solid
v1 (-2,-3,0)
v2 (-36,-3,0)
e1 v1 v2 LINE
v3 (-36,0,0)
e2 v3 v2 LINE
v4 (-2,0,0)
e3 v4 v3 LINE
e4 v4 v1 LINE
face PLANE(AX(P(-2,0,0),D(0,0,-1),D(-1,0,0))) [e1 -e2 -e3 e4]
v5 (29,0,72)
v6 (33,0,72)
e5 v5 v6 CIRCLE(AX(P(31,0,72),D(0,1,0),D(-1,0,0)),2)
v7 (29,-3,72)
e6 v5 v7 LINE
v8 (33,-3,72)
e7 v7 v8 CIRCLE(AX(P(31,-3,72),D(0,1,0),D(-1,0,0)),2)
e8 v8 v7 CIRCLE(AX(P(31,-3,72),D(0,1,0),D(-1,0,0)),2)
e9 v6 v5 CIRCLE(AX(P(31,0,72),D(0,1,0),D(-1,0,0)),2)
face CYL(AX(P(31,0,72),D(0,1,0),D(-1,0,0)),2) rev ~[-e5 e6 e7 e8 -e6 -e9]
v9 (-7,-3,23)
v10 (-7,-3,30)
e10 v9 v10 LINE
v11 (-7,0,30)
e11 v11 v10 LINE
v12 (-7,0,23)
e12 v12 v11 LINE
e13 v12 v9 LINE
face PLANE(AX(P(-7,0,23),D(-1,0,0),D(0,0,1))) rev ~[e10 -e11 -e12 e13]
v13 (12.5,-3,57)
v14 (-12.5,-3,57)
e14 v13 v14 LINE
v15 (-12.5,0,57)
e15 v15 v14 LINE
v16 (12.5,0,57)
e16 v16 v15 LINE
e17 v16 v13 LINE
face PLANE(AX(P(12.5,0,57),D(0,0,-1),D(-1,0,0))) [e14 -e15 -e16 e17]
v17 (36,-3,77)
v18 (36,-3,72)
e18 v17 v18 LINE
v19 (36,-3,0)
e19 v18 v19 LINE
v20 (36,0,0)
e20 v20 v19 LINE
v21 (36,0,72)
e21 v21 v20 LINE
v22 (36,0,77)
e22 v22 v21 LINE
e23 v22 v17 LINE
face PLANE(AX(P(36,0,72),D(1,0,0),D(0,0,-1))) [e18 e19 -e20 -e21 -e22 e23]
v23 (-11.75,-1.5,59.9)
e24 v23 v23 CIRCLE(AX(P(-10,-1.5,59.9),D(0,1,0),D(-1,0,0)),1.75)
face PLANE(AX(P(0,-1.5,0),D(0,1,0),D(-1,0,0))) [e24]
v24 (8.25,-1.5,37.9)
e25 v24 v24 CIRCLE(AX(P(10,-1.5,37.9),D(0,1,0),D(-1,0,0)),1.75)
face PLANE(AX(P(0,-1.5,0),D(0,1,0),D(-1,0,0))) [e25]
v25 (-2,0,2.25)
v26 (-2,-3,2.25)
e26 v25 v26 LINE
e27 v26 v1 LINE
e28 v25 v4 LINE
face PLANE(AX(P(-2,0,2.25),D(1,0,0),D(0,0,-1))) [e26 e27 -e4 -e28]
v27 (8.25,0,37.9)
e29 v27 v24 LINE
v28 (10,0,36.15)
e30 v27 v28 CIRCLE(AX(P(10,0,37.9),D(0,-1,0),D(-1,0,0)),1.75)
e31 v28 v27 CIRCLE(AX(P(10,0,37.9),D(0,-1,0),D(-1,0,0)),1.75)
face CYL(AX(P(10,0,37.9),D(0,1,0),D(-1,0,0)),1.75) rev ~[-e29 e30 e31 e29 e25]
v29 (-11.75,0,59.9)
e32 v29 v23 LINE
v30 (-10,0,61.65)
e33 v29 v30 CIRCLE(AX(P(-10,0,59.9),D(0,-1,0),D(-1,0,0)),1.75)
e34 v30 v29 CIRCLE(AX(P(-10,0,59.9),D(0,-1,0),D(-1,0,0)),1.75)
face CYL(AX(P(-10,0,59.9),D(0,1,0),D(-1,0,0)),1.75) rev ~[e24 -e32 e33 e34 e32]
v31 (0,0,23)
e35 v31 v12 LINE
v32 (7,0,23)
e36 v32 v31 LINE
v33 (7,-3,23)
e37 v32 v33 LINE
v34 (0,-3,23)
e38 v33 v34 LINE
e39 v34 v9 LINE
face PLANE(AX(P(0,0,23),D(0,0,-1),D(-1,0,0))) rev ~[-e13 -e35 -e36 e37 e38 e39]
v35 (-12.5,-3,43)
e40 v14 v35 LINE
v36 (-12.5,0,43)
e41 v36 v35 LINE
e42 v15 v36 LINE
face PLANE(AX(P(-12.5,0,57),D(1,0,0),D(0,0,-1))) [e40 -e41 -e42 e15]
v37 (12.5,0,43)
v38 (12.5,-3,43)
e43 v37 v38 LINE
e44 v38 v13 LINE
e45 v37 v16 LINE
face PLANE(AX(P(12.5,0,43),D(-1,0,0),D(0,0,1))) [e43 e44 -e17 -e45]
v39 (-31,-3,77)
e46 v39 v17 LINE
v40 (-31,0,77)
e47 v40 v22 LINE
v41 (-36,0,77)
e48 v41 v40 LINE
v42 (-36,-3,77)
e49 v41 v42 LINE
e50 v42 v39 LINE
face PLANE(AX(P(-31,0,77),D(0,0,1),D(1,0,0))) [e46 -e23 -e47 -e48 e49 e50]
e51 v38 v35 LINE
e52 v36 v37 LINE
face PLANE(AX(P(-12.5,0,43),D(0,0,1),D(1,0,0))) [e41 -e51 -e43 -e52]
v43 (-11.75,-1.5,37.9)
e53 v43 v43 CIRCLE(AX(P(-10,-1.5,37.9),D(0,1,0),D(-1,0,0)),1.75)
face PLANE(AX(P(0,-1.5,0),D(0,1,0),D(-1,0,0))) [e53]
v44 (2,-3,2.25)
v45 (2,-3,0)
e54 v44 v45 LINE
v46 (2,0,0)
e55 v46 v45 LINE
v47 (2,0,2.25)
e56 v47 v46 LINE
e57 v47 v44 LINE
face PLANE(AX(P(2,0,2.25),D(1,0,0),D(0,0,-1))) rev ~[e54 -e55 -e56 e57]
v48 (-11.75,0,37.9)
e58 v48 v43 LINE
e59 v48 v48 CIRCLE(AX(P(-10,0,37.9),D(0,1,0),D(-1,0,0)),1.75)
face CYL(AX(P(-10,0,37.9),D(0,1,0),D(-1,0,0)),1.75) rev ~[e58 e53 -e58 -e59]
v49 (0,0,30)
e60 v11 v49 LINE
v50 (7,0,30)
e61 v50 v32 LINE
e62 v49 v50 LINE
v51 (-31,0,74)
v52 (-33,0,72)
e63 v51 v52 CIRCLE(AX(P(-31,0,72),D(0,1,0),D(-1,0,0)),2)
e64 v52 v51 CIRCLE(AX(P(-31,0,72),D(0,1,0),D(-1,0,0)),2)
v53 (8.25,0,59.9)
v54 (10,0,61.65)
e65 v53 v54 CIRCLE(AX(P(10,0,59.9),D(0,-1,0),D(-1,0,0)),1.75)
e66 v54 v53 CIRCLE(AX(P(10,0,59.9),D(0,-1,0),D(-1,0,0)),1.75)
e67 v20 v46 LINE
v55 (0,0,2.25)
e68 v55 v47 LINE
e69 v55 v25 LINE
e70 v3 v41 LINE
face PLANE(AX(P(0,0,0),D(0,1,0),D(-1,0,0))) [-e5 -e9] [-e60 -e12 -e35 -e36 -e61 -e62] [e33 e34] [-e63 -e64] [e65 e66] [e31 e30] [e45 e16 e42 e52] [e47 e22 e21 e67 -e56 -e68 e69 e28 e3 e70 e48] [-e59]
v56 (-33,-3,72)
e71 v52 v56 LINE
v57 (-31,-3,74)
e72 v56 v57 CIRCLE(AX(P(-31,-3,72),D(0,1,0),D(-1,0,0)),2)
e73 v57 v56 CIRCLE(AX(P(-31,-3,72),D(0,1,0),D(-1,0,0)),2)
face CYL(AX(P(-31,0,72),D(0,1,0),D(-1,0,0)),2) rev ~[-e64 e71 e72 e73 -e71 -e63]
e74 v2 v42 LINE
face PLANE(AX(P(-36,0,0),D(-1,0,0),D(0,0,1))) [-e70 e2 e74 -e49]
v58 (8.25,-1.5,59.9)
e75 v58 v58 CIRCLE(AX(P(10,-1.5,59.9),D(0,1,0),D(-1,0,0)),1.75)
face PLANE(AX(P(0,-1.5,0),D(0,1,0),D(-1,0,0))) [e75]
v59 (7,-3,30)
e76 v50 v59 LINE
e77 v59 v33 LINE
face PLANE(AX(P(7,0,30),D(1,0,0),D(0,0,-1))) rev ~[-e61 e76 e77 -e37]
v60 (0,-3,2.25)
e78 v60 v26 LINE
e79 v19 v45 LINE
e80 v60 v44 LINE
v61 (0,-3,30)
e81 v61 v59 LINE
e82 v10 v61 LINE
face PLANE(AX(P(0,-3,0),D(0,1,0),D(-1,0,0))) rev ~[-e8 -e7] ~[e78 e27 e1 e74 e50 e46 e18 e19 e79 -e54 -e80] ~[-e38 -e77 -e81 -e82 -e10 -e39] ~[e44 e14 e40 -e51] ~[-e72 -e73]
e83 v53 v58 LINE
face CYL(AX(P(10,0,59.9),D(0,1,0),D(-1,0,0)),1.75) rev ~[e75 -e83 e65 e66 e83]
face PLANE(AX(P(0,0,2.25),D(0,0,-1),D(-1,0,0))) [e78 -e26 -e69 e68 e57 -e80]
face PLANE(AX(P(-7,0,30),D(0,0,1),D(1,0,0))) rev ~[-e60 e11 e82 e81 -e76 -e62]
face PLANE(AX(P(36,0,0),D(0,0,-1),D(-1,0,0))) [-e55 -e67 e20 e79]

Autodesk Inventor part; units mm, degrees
ref_plane "YZ Plane" through (0, 0, 0) normal (1, 0, 0) x (0, 1, 0)
ref_plane "XZ Plane" through (0, 0, 0) normal (0, 1, 0) x (-1, 0, 0)
ref_plane "XY Plane" through (0, 0, 0) normal (0, 0, 1) x (1, 0, 0)
sketch "Boceto1" plane through (0, 0, 0) normal (0, 1, 0) x (-1, 0, 0)
  line L0 (0, 0) -> (36, 0)
  line L1 (36, 0) -> (36, 0)
  line L2 (36, 0) -> (36, 77)
  line L3 (36, 77) -> (36, 77)
  line L4 (36, 77) -> (-36, 77)
  line L5 (-36, 77) -> (-36, 0)
  line L6 (-36, 0) -> (0, 0)
  line L7 (36, 77) -> (31, 77)
  line L8 (31, 77) -> (31, 72)
  line L9 (-36, 77) -> (-36, 77)
  line L10 (-36, 77) -> (-36, 72)
  line L11 (-36, 72) -> (-31, 72)
  circle A0 centre (-31, 72) radius 2
  circle A1 centre (31, 72) radius 2
  line L12 (36, 0) -> (0, 0)
  line L13 (0, 0) -> (0, 2.25)
  line L14 (0, 2.25) -> (2, 2.25)
  line L15 (2, 2.25) -> (2, 0)
  line L16 (0, 2.25) -> (-2, 2.25)
  line L17 (-2, 2.25) -> (-2, 0)
  line L18 (0, 0) -> (0, 50)
  line L19 (-12.5, 57) -> (12.5, 57)
  line L20 (12.5, 57) -> (12.5, 43)
  line L21 (12.5, 43) -> (-12.5, 43)
  line L22 (-12.5, 43) -> (-12.5, 57)
  line L23 (-12.5, 57) -> (12.5, 43) construction
  line L24 (12.5, 57) -> (-12.5, 43) construction
  line L25 (-12.5, 57) -> (12.5, 57)
  line L26 (12.5, 57) -> (12.5, 62.4)
  line L27 (12.5, 62.4) -> (-12.5, 62.4)
  line L28 (-12.5, 62.4) -> (-12.5, 57)
  line L29 (12.5, 62.4) -> (10, 62.4)
  line L30 (10, 62.4) -> (10, 59.9)
  line L31 (-12.5, 62.4) -> (-10, 62.4)
  line L32 (-10, 62.4) -> (-10, 59.9)
  circle A2 centre (10, 59.9) radius 1.75
  circle A3 centre (-10, 59.9) radius 1.75
  line L33 (-12.5, 62.4) -> (-12.5, 35.4)
  line L34 (-12.5, 35.4) -> (12.5, 35.4)
  line L35 (12.5, 35.4) -> (12.5, 62.4)
  line L36 (12.5, 62.4) -> (-12.5, 62.4)
  line L37 (-12.5, 35.4) -> (-10, 35.4)
  line L38 (-10, 35.4) -> (-10, 37.9)
  line L39 (12.5, 35.4) -> (12.5, 37.9)
  line L40 (12.5, 37.9) -> (10, 37.9)
  circle A4 centre (10, 37.9) radius 1.75
  circle A5 centre (-10, 37.9) radius 1.75
  circle A6 centre (31, 72) radius 4
  circle A7 centre (-31, 72) radius 4
  line L41 (0, 0) -> (0, 30)
  line L42 (0, 30) -> (0, 23)
  line L43 (0, 23) -> (7, 23)
  line L44 (7, 23) -> (7, 30)
  line L45 (7, 30) -> (-7, 30)
  line L46 (-7, 30) -> (-7, 23)
  line L47 (-7, 23) -> (0, 23)
  point P0 (2, 0)
  dimension "d0" = 36
  dimension "d1" = 0
  dimension "d2" = 77
  dimension "d3" = 0
  dimension "d4" = 72
  dimension "d5" = 5
  dimension "d6" = 5
  dimension "d7" = 0
  dimension "d8" = 5
  dimension "d9" = 5
  dimension "d10" = 4
  dimension "d11" = 4
  dimension "d14" = 36
  dimension "d15" = 2.25
  dimension "d16" = 2
  dimension "d17" = 2
  dimension "d18" = 50
  dimension "d19" = 25
  dimension "d20" = 14
  dimension "d21" = 5.4
  dimension "d22" = 2.5
  dimension "d23" = 2.5
  dimension "d24" = 2.5
  dimension "d25" = 2.5
  dimension "d26" = 3.5
  dimension "d27" = 3.5
  dimension "d28" = 27
  dimension "d29" = 25
  dimension "d30" = 2.5
  dimension "d31" = 2.5
  dimension "d32" = 2.5
  dimension "d33" = 2.5
  dimension "d34" = 3.5
  dimension "d35" = 3.5
  dimension "d50" = 8
  dimension "d51" = 8
  dimension "d61" = 30
  dimension "d63" = 7
  dimension "d64" = 14
  dimension "d65" = 7
  dimension "d66" = 0
extrude "Extrusión1" add sketch "Boceto1" against normal blind 3 contours A6 | A7 | A5 | L34 L33 L21 L18 | A4 | L18 L21 L35 L34 | L15 L14 L16 L17 L6 L5 L4 L2 L0 | A2 | A3 | L19 L28 L27 L26
extrude "Extrusión2" cut sketch "Boceto1" against normal blind 1.5 contours A5 | A4 | A2 | A3
thread "Rosca1" size "M4x0.7" class "6H" standard "ANSI Metric M Profile" full length
thread "Rosca2" size "M4x0.7" class "6H" standard "ANSI Metric M Profile" full length
thread "Rosca3" size "M3.5x0.6" class "6H" standard "ANSI Metric M Profile" full length
thread "Rosca4" size "M3.5x0.6" class "6H" standard "ANSI Metric M Profile" full length
thread "Rosca5" size "M3.5x0.6" class "6H" standard "ANSI Metric M Profile" full length
thread "Rosca6" size "M3.5x0.6" class "6H" standard "ANSI Metric M Profile" full length
extrude "Extrusión3" [suppressed]
equation "\"d0\" = 0.5 * box_in_width"
equation "\"d2\" = box_in_deep"
equation "\"d4\" = box_in_width"
equation "\"d5\" = offset + 0.5 * screw_Dhead"
equation "\"d6\" = offset + 0.5 * screw_Dhead"
equation "\"d8\" = offset + 0.5 * screw_Dhead"
equation "\"d9\" = offset + 0.5 * screw_Dhead"
equation "\"d10\" = screw_d"
equation "\"d11\" = screw_d"
equation "\"d14\" = 0.5 * box_in_width"
equation "\"d15\" = 1.5 * thikness_box"
equation "\"d19\" = screen_width"
equation "\"d20\" = screen_height"
equation "\"d21\" = top_from_screen"
equation "\"d22\" = offset_screw_screen + 0.5 * screw_d_screen"
equation "\"d23\" = offset_screw_screen + 0.5 * screw_d_screen"
equation "\"d24\" = offset_screw_screen + 0.5 * screw_d_screen"
equation "\"d25\" = offset_screw_screen + 0.5 * screw_d_screen"
equation "\"d28\" = height_screen_total"
equation "\"d29\" = screen_width"
equation "\"d30\" = offset_screw_screen + 0.5 * screw_d_screen"
equation "\"d31\" = offset_screw_screen + 0.5 * screw_d_screen"
equation "\"d32\" = offset_screw_screen + 0.5 * screw_d_screen"
equation "\"d33\" = offset_screw_screen + 0.5 * screw_d_screen"
equation "\"d50\" = screw_Dhead"
equation "\"d51\" = screw_Dhead"
equation "\"d64\" = 2 * d63"
equation "\"d12\" = 2 * thikness_box"
equation "\"d36\" = deep_screw_screen"
equation "\"thikness\" = 2"
equation "\"offset\" = 1"
equation "\"r1\" = 5.55"
equation "\"r2o\" = 59.75"
equation "\"delta_y\" = 6"
equation "\"wire_d\" = 1"
equation "\"width_ang_spring\" = 5"
equation "\"spring_int_diam\" = 8.5"
equation "\"spring_ext_diam\" = 10.5"
equation "\"r3\" = 8.25"
equation "\"r3R\" = 4.75"
equation "\"r3T\" = 6.74537"
equation "\"alpha\" = 54.847297deg"
equation "\"alpha2\" = 270deg"
equation "\"theta3_recogido\" = 305.152703deg"
equation "\"delta_theta_3\" = 45deg"
equation "\"joint_width\" = 12"
equation "\"joint_radius\" = 7.75"
equation "\"shaft_width\" = 15"
equation "\"shaft_joint_diameter\" = 7.75"
equation "\"separation_space\" = 0.5"
equation "\"height_finger\" = 42"
equation "\"cell_screw_head_diameter\" = 4"
equation "\"cell_screw_diameter\" = 2"
equation "\"cell_space\" = 2"
equation "\"cell_width\" = 6"
equation "\"cell_theta_position\" = 60deg"
equation "\"cell_thikness\" = 1"
equation "\"cell_lenght\" = 37"
equation "\"cell_z_space\" = 5"
equation "\"wire_D\" = 2.3"
equation "\"width_link\" = 8"
equation "\"Dt\" = 1.05949"
equation "\"Djoint_shaft\" = 2.3"
equation "\"shaft_x\" = 1.45"
equation "\"shaft_y\" = 6.45"
equation "\"lenght_body_link\" = 186.05"
equation "\"lenght_bar_support\" = 201.65"
equation "\"wire_spring_d\" = 1"
equation "\"spring_int_d\" = 6"
equation "\"spring_lenght\" = 28"
equation "\"trigger_offset\" = 2"
equation "\"m2_theta2o\" = 107deg"
equation "\"m2_r2\" = 28"
equation "\"e\" = 9"
equation "\"So\" = 17"
equation "\"m2_theta3o\" = -30deg"
equation "\"m2_r3\" = 19.75"
equation "\"m2_delta_theta1\" = 15deg"
equation "\"m2_theta3f\" = -60deg"
equation "\"trigger_thumb_lenght\" = 6"
equation "\"width_r12\" = 8"
equation "\"m2_r1\" = 25.2"
equation "\"r3_thikness\" = 3.5"
equation "\"t_thikness\" = 3"
equation "\"tg_width\" = 4"
equation "\"pivot_screw_d\" = 4"
equation "\"pivot_diameter\" = 7"
equation "\"sj_diam_shaft\" = 6"
equation "\"sj_groove\" = 2"
equation "\"sj_groove_deep\" = 7"
equation "\"sj_head_D\" = 7"
equation "\"sj_head_d\" = 4.7464"
equation "\"sj_head_height\" = 5"
equation "\"sf_lenght\" = 9.5"
equation "\"sf_base\" = 3"
equation "\"sf_head_height\" = 3"
equation "\"sf_head_width\" = 4.5"
equation "\"sf_head_offset\" = 0.25"
equation "\"sf_head_grip_width\" = 2"
equation "\"sf_head_angle\" = 45deg"
equation "\"sf_thikness\" = 5"
equation "\"screw_Dhead\" = 8"
equation "\"screw_d\" = 4"
equation "\"screw_lenght\" = 12"
equation "\"screwJ_base_D\" = 9"
equation "\"screwJ_top_D\" = 13"
equation "\"gj_D\" = 6"
equation "\"gj_d\" = 4"
equation "\"gj_out_section\" = 6"
equation "\"box_in_deep\" = 77"
equation "\"box_in_width\" = 72"
equation "\"box_in_height\" = 35"
equation "\"thikness_box\" = 1.5"
equation "\"box_slim_slider_lenght\" = 116"
equation "\"sf_flex_separation\" = 38.66667"
equation "\"flex_separation_theta\" = 60deg"
equation "\"box_fat_slider_lenght\" = 67"
equation "\"int_width_slider\" = 2"
equation "\"ext_width_slider\" = 3.5"
equation "\"fat_width_slider\" = 2"
equation "\"slim_width_slider\" = 1.5"
equation "\"sfbox_width\" = 1.5"
equation "\"sfbox_tip_width\" = 2.5"
equation "\"sfbox_theta1\" = 60deg"
equation "\"sfbox_theta2\" = 45deg"
equation "\"agarradera_theta\" = 60deg"
equation "\"agarradera_width\" = 4"
equation "\"agarradera_position\" = 82.13077"
equation "\"screen_width\" = 25"
equation "\"screen_height\" = 14"
equation "\"screw_d_screen\" = 3"
equation "\"offset_screw_screen\" = 1"
equation "\"height_screen_total\" = 27"
equation "\"top_from_screen\" = 5.4"
equation "\"deep_screw_screen\" = 1.5"
properties part number "Box_cover"
